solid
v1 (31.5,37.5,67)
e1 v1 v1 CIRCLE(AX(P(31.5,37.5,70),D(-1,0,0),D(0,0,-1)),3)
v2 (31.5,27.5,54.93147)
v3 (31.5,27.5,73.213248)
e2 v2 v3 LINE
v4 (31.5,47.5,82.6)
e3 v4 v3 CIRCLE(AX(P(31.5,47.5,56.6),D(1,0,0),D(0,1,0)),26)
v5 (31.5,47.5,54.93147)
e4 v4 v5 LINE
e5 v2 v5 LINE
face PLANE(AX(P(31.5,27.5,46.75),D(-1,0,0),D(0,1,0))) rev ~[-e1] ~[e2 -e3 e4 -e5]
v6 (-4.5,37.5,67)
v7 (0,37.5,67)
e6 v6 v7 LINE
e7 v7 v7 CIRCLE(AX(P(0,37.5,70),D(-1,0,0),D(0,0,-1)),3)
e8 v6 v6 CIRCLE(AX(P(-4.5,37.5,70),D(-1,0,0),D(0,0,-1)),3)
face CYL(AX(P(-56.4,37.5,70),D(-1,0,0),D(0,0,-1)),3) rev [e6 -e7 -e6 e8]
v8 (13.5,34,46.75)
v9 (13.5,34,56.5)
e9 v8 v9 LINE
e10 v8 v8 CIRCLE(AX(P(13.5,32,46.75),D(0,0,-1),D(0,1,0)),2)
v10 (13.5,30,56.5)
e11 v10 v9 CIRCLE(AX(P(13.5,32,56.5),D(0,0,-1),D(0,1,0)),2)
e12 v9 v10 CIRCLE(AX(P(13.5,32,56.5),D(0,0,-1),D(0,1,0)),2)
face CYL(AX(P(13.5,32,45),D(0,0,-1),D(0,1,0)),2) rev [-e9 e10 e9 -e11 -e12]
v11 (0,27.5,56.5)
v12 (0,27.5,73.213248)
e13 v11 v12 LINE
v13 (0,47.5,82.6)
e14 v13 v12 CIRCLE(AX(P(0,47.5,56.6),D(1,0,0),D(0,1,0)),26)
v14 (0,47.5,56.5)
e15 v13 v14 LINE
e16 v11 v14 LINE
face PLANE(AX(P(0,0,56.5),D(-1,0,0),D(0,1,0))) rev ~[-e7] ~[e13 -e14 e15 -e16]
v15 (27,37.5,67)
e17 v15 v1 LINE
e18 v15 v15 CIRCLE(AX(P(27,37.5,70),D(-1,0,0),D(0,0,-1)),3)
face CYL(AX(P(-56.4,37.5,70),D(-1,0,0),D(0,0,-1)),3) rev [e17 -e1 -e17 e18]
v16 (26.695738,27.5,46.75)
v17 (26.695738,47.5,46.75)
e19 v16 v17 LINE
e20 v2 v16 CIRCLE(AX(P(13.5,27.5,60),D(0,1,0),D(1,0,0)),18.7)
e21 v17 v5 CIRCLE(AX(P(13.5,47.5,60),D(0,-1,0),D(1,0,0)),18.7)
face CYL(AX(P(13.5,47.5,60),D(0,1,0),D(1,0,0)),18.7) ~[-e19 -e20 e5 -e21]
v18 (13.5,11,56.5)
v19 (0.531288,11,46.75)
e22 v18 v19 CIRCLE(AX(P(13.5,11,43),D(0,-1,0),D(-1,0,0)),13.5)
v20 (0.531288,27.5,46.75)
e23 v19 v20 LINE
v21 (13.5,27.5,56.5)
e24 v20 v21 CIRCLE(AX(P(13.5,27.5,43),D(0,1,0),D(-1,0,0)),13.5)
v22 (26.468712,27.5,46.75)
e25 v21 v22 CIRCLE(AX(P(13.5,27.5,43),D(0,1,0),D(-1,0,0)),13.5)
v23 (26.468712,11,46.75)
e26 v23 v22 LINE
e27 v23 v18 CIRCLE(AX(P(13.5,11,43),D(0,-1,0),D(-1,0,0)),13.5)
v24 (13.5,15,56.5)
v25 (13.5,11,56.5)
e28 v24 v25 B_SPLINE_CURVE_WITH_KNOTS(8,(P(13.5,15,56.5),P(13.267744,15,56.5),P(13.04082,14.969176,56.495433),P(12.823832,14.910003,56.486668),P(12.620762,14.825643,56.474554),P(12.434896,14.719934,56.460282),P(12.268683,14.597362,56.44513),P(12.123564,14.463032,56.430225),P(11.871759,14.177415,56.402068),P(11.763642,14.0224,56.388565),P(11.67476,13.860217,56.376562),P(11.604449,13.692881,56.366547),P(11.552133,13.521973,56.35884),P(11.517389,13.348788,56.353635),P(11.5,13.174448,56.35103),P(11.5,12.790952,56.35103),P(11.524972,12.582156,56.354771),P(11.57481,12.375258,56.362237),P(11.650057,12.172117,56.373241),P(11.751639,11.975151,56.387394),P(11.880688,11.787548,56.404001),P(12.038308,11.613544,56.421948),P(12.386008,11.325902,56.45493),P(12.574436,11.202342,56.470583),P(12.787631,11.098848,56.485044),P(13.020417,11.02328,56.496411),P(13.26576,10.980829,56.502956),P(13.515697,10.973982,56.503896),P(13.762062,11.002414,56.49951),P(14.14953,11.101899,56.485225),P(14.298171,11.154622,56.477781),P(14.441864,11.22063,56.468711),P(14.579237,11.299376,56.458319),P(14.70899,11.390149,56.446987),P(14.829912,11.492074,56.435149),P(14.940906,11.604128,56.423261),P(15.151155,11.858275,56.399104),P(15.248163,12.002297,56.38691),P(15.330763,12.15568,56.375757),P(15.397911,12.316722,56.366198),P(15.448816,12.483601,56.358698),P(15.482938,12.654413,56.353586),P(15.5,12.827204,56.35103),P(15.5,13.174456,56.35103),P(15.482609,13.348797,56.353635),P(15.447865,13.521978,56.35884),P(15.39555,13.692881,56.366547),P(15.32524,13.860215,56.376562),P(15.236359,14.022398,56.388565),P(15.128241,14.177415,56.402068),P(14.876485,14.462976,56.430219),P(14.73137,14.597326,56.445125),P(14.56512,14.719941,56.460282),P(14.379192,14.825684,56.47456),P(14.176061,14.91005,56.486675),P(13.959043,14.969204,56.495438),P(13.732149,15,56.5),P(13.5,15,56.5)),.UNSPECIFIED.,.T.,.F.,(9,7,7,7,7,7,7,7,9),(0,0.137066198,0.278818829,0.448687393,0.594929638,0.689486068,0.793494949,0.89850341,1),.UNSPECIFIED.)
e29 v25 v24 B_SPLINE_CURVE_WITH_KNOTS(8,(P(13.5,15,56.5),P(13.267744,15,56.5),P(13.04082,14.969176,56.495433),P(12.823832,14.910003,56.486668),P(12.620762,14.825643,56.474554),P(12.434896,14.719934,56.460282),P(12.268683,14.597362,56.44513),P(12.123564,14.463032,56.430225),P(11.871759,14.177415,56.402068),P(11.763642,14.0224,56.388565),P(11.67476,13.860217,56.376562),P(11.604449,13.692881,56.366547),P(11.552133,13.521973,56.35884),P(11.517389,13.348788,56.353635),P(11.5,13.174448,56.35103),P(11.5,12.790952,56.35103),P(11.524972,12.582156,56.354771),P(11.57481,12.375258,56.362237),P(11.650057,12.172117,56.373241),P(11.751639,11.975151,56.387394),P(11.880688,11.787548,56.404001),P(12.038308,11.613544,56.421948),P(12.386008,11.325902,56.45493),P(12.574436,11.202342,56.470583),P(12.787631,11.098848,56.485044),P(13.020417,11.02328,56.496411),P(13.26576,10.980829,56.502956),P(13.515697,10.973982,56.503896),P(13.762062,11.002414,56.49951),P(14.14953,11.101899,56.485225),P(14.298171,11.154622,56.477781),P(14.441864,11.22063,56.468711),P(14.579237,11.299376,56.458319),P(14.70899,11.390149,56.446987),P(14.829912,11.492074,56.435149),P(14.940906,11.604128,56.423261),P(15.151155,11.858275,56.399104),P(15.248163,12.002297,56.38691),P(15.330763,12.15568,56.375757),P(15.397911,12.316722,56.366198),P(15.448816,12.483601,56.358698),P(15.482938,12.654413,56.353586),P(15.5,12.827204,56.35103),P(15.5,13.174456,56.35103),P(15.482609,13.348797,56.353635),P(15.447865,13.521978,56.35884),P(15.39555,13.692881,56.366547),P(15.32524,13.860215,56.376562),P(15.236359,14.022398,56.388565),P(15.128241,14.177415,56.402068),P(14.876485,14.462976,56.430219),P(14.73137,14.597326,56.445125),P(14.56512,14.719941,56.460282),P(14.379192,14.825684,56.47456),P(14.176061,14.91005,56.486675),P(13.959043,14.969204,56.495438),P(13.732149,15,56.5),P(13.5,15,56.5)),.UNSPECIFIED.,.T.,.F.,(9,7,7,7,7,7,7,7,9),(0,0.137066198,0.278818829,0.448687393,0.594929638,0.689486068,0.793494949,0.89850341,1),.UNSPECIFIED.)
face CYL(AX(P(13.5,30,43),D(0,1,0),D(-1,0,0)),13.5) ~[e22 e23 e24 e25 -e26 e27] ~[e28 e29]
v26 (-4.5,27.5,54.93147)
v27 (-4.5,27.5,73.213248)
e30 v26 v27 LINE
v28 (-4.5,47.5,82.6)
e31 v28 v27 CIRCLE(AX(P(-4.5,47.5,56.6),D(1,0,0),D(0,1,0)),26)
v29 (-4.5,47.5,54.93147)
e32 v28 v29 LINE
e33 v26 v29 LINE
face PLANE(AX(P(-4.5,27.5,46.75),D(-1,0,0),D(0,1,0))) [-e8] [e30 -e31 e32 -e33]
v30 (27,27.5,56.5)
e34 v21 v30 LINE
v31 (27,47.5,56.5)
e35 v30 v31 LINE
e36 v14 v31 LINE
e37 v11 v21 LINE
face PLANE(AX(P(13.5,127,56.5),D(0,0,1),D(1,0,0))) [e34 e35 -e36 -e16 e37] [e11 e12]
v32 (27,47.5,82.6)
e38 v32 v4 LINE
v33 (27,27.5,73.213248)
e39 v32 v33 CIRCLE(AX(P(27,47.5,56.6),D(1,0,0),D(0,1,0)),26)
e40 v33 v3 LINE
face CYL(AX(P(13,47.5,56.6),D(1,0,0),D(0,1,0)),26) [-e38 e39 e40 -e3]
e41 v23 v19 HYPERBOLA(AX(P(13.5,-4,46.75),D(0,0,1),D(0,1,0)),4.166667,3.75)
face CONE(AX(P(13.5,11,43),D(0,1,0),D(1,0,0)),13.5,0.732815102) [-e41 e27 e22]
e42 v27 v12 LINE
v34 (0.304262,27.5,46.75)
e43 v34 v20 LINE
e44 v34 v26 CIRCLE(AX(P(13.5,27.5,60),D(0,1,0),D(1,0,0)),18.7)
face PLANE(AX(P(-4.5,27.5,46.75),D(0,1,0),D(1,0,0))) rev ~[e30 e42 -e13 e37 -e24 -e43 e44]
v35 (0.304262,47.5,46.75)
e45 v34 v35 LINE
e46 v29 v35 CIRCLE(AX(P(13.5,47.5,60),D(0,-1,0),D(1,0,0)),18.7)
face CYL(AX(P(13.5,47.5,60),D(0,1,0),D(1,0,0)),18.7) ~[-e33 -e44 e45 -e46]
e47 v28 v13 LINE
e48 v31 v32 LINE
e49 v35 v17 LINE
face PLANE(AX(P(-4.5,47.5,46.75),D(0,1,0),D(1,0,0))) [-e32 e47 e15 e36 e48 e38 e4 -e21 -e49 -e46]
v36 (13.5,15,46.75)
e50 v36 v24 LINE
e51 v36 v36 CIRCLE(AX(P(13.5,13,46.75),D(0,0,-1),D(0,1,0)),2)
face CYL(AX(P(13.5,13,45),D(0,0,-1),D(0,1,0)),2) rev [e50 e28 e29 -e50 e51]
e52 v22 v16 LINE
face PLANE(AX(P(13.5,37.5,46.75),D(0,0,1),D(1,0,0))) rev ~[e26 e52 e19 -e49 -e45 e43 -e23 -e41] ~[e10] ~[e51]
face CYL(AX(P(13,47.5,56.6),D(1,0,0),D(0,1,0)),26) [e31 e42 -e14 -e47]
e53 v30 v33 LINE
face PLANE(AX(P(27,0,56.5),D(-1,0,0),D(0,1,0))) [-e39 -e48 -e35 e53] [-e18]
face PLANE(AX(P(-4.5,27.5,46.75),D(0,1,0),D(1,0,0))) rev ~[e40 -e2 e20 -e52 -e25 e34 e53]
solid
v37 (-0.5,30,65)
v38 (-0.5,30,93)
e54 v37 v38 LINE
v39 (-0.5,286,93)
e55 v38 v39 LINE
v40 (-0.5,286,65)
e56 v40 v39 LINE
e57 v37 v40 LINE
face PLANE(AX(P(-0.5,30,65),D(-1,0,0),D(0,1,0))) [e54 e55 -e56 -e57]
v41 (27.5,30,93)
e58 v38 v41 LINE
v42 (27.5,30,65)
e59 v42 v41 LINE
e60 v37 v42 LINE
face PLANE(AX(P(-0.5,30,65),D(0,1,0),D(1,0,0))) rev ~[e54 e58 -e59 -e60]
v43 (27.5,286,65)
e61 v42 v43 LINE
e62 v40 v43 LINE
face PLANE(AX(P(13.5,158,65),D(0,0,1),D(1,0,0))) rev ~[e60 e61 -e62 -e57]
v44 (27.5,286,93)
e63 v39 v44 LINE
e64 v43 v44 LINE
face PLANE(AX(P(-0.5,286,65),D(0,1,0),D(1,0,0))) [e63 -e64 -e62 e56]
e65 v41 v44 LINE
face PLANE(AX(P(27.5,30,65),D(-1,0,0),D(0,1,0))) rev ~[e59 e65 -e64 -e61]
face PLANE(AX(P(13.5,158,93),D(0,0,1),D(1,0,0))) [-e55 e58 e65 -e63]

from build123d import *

# Parameters (mm, degrees)
BOX_W             = 28
BOX_H             = 256
BOX_DEPTH         = 28
CYLINDER017_W     = 26
CYLINDER017_H     = 38
CYLINDER017_ANGLE = 180
CYLINDER016_R     = 18.7
CYLINDER016_DEPTH = 66
BOX019_W          = 40
BOX019_H          = 20
BOX019_DEPTH      = 13
CYLINDER015_R     = 2
CYLINDER015_DEPTH = 12
CYLINDER011_R     = 2
CYLINDER011_DEPTH = 12
CYLINDER009_R     = 3
CYLINDER009_DEPTH = 100
BOX018_W          = 27
BOX018_H          = 254
BOX018_DEPTH      = 28.5
BOX015_W          = 36
BOX015_H          = 20
BOX015_DEPTH      = 36
BOX016_W          = 27
BOX016_H          = 75
BOX016_DEPTH      = 20
CONE_ANGLE        = 180
CYLINDER_R        = 13.5
CYLINDER_DEPTH    = 19


with BuildPart() as tslotframecut:
    # Box → Box (new body)
    with BuildSketch(Plane(origin=(-0.5, 30, 65), x_dir=(1, 0, 0), z_dir=(0, 0, 1))):
        with Locations((14, 128)):
            Rectangle(BOX_W, BOX_H)
    extrude(amount=BOX_DEPTH)


with BuildPart() as cylinder017:
    # Cylinder017 → Cylinder017 (revolve)
    with BuildSketch(Plane(origin=(-6, 47.5, 56.6), x_dir=(0, 1, 0), z_dir=(0, 0, -1))):
        with Locations((13, 19)):
            Rectangle(CYLINDER017_W, CYLINDER017_H)
    revolve(axis=Axis((-6, 47.5, 56.6), (1, 0, 0)), revolution_arc=CYLINDER017_ANGLE)


with BuildPart() as reshapes:
    # Cylinder016 → Cylinder016 (new body)
    with BuildSketch(Plane(origin=(13.5, 47.5, 60), x_dir=(1, 0, 0), z_dir=(0, -1, 0))):
        Circle(CYLINDER016_R)
    extrude(amount=CYLINDER016_DEPTH)


with BuildPart() as fusion004:
    # Box019 → Box019 (new body)
    with BuildSketch(Plane(origin=(-6.5, 27.5, 60), x_dir=(1, 0, 0), z_dir=(0, 0, 1))):
        with Locations((20, 10)):
            Rectangle(BOX019_W, BOX019_H)
    extrude(amount=BOX019_DEPTH)

    # Fusion003: union reshapes
    add(reshapes.part)

    # Fusion004: union Cylinder017
    add(cylinder017.part)


with BuildPart() as cylinder015:
    # Cylinder015 → Cylinder015 (new body)
    with BuildSketch(Plane(origin=(13.5, 13, 45), x_dir=(0, 1, 0), z_dir=(0, 0, 1))):
        Circle(CYLINDER015_R)
    extrude(amount=CYLINDER015_DEPTH)


with BuildPart() as heatsetcuts:
    # Cylinder011 → Cylinder011 (new body)
    with BuildSketch(Plane(origin=(13.5, 32, 45), x_dir=(0, 1, 0), z_dir=(0, 0, 1))):
        Circle(CYLINDER011_R)
    extrude(amount=CYLINDER011_DEPTH)

    # Fusion001: union Cylinder015
    add(cylinder015.part)


with BuildPart() as m5cut:
    # Cylinder009 → Cylinder009 (new body)
    with BuildSketch(Plane(origin=(-56.4, 37.5, 70), x_dir=(0, 0, -1), z_dir=(1, 0, 0))):
        Circle(CYLINDER009_R)
    extrude(amount=CYLINDER009_DEPTH)


with BuildPart() as tslotframecut001:
    # Box018 → Box018 (new body)
    with BuildSketch(Plane.XY.offset(56.5)):
        with Locations((13.5, 127)):
            Rectangle(BOX018_W, BOX018_H)
    extrude(amount=BOX018_DEPTH)


with BuildPart() as cut010:
    # Box015 → Box015 (new body)
    with BuildSketch(Plane(origin=(-4.5, 27.5, 46.75), x_dir=(1, 0, 0), z_dir=(0, 0, 1))):
        with Locations((18, 10)):
            Rectangle(BOX015_W, BOX015_H)
    extrude(amount=BOX015_DEPTH)

    # Cut009: cut TSlotFrameCut001
    add(tslotframecut001.part, mode=Mode.SUBTRACT)

    # Cut010: cut m5Cut
    add(m5cut.part, mode=Mode.SUBTRACT)


with BuildPart() as shell_holder002:
    # Box016 → Box016 (new body)
    with BuildSketch(Plane(origin=(0, -20.5, 26.75), x_dir=(1, 0, 0), z_dir=(0, 0, 1))):
        with Locations((13.5, 37.5)):
            Rectangle(BOX016_W, BOX016_H)
    extrude(amount=BOX016_DEPTH)


with BuildPart() as cone:
    # Cone → Cone (revolve)
    with BuildSketch(Plane(origin=(13.5, 11, 43), x_dir=(1, 0, 0), z_dir=(0, 0, -1))):
        Polygon((0, 0), (13.5, 0), (0, 15), align=None)
    revolve(axis=Axis((13.5, 11, 43), (0, -1, 0)), revolution_arc=CONE_ANGLE)


with BuildPart() as base001:
    # Cylinder → Cylinder (new body)
    with BuildSketch(Plane(origin=(13.5, 30, 43), x_dir=(-1, 0, 0), z_dir=(0, -1, 0))):
        Circle(CYLINDER_R)
    extrude(amount=CYLINDER_DEPTH)

    # Fusion: union Cone
    add(cone.part)

    # Cut: cut Shell_Holder002
    add(shell_holder002.part, mode=Mode.SUBTRACT)

    # Fusion002: union Cut010
    add(cut010.part)

    # Cut011: cut heatSetCuts
    add(heatsetcuts.part, mode=Mode.SUBTRACT)

    # Common: intersect Fusion004
    add(fusion004.part, mode=Mode.INTERSECT)


solid = Compound([tslotframecut.part, base001.part])
